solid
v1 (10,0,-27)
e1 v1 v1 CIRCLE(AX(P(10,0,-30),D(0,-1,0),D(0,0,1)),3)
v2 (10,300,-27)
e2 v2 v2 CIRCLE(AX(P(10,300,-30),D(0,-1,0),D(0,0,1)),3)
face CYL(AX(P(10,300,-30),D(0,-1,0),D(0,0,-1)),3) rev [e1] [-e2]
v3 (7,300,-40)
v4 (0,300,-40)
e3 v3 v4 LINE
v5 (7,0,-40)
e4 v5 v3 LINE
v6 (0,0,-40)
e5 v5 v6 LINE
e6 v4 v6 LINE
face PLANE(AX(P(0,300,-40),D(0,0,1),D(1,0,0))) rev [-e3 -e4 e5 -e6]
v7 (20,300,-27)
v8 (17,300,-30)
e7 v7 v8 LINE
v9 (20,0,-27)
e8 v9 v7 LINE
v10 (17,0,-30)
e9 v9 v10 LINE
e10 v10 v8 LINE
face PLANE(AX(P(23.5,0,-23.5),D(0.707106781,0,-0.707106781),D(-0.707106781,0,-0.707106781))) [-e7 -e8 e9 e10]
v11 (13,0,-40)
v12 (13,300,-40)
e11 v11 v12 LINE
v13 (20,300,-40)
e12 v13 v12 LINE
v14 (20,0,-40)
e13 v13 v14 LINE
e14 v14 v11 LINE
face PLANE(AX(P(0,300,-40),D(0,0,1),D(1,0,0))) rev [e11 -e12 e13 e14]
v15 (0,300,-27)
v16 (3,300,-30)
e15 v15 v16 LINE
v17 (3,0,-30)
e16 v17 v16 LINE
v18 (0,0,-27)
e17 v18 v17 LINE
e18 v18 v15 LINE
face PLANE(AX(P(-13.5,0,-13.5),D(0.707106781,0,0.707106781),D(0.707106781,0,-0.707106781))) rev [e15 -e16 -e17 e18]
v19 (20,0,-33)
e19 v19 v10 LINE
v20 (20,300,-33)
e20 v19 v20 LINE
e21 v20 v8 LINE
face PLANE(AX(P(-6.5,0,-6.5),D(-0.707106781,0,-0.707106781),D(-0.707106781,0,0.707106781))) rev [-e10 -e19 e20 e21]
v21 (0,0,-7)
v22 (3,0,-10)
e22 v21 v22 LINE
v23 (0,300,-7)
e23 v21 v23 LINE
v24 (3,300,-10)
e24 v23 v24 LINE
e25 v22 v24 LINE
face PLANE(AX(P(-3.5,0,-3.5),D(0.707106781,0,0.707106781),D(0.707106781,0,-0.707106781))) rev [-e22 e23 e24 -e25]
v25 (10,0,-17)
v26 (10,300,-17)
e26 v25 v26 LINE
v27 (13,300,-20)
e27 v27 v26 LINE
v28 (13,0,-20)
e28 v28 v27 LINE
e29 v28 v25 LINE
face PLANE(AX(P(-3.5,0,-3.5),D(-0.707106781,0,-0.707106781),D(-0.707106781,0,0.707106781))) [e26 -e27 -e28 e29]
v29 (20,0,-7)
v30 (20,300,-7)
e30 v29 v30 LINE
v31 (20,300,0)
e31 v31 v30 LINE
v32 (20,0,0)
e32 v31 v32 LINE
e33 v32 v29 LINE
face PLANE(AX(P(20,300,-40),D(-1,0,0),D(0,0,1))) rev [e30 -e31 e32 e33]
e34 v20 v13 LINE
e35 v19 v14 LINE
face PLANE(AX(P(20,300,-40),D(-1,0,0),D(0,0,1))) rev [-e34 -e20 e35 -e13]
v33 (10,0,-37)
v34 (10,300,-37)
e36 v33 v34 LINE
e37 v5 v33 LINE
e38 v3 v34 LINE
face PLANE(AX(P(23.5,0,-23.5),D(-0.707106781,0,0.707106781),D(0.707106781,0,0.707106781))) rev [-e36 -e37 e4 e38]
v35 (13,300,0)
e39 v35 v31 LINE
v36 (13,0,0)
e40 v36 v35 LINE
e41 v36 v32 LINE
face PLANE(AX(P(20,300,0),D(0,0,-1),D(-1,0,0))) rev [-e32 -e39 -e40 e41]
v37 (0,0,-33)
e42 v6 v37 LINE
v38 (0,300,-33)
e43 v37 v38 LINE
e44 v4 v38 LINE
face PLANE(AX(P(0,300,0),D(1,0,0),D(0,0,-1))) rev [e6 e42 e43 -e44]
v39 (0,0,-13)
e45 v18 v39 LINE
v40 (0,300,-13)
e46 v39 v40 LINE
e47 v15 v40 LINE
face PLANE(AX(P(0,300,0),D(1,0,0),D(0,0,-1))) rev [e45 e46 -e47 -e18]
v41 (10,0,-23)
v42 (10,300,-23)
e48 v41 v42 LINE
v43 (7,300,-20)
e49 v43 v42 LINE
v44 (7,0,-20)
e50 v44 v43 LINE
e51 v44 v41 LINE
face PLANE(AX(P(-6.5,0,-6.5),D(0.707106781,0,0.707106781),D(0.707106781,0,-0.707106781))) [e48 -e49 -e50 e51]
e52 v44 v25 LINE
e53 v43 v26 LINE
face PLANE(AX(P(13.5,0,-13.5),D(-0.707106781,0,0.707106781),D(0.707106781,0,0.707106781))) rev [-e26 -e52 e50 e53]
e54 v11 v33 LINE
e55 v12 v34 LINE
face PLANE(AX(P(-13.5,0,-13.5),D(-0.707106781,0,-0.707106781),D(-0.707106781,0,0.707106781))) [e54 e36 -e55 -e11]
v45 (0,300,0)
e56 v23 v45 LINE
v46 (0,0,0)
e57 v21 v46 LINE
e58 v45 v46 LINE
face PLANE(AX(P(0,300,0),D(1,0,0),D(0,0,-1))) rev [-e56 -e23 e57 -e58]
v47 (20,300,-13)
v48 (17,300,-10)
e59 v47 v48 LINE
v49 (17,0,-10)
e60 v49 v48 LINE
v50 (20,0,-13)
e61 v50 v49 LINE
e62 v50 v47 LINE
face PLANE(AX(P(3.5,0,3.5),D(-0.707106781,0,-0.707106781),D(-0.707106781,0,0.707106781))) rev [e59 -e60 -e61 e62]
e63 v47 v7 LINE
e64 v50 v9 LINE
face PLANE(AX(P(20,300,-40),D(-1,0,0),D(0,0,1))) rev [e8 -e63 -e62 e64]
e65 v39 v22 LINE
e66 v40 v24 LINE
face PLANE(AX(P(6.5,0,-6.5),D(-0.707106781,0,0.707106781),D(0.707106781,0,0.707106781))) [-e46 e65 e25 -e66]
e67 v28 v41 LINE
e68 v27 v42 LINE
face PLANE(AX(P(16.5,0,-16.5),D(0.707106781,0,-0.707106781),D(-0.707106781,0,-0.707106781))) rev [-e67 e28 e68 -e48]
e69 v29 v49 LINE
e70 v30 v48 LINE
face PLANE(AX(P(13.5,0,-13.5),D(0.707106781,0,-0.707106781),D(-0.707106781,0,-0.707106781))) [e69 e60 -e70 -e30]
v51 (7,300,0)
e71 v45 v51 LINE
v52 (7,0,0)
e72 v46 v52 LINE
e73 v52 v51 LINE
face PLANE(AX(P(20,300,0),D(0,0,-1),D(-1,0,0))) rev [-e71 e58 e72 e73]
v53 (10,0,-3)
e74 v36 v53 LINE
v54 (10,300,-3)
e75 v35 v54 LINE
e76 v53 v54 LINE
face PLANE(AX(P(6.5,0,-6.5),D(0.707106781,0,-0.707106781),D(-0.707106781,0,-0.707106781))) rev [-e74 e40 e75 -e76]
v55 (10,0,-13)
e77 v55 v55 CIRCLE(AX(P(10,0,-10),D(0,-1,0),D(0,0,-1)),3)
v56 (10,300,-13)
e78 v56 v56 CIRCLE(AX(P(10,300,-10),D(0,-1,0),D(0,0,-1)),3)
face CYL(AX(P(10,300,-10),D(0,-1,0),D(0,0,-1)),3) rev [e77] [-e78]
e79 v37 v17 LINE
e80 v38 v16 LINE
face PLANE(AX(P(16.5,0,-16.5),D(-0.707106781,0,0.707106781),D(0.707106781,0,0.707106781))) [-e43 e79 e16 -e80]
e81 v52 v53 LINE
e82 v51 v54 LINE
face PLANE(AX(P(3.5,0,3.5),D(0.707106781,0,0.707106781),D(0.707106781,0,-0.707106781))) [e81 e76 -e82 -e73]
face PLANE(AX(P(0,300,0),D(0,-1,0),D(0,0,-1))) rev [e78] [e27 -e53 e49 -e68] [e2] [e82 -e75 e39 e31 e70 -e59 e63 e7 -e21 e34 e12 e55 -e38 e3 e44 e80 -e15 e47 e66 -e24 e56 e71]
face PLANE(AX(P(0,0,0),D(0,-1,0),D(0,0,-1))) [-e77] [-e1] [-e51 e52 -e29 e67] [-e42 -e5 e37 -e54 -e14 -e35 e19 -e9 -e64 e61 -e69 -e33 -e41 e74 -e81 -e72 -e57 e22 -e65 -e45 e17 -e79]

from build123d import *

# Parameters (mm, degrees)
SKIZZE1_W                       = 20
SKIZZE1_H                       = 40
AUFSATZ_LINEAR_AUSTRAGEN1_DEPTH = 300
SCHNITT_LINEAR_AUSTRAGEN1_DEPTH = 304.315017762
SKIZZE3_R                       = 3
SCHNITT_LINEAR_AUSTRAGEN2_DEPTH = 304.315017762


with BuildPart() as part:
    # Skizze1 → Aufsatz-Linear austragen1 (new body)
    with BuildSketch(Plane(origin=(0, 0, 0), x_dir=(1, 0, 0), z_dir=(0, 1, 0))):
        with Locations((10, 20)):
            Rectangle(SKIZZE1_W, SKIZZE1_H)
    extrude(amount=AUFSATZ_LINEAR_AUSTRAGEN1_DEPTH)

    # Skizze2 → Schnitt-Linear austragen1 (cut, through all)
    with BuildSketch(Plane(origin=(0, 300, 0), x_dir=(1, 0, 0), z_dir=(0, 1, 0))):
        Polygon((3, 30), (0, 33), (0, 27), align=None)
        Polygon((13, 40), (7, 40), (10, 37), align=None)
        Polygon((20, 27), (20, 33), (17, 30), align=None)
        Polygon((13, 20), (10, 17), (7, 20), align=None)
        Polygon((7, 20), (10, 23), (13, 20), align=None)
        Polygon((20, 7), (20, 13), (17, 10), align=None)
        Polygon((3, 10), (0, 13), (0, 7), align=None)
        Polygon((10, 3), (7, 0), (13, 0), align=None)
    extrude(amount=-SCHNITT_LINEAR_AUSTRAGEN1_DEPTH, mode=Mode.SUBTRACT)

    # Skizze3 → Schnitt-Linear austragen2 (cut, through all)
    with BuildSketch(Plane.XZ):
        with Locations(Location((10, -10, 0), (0, 0, 270))):
            Circle(SKIZZE3_R)
        with Locations(Location((10, -30, 0), (0, 0, 90))):
            Circle(SKIZZE3_R)
    extrude(amount=-SCHNITT_LINEAR_AUSTRAGEN2_DEPTH, mode=Mode.SUBTRACT)


solid = part.part
